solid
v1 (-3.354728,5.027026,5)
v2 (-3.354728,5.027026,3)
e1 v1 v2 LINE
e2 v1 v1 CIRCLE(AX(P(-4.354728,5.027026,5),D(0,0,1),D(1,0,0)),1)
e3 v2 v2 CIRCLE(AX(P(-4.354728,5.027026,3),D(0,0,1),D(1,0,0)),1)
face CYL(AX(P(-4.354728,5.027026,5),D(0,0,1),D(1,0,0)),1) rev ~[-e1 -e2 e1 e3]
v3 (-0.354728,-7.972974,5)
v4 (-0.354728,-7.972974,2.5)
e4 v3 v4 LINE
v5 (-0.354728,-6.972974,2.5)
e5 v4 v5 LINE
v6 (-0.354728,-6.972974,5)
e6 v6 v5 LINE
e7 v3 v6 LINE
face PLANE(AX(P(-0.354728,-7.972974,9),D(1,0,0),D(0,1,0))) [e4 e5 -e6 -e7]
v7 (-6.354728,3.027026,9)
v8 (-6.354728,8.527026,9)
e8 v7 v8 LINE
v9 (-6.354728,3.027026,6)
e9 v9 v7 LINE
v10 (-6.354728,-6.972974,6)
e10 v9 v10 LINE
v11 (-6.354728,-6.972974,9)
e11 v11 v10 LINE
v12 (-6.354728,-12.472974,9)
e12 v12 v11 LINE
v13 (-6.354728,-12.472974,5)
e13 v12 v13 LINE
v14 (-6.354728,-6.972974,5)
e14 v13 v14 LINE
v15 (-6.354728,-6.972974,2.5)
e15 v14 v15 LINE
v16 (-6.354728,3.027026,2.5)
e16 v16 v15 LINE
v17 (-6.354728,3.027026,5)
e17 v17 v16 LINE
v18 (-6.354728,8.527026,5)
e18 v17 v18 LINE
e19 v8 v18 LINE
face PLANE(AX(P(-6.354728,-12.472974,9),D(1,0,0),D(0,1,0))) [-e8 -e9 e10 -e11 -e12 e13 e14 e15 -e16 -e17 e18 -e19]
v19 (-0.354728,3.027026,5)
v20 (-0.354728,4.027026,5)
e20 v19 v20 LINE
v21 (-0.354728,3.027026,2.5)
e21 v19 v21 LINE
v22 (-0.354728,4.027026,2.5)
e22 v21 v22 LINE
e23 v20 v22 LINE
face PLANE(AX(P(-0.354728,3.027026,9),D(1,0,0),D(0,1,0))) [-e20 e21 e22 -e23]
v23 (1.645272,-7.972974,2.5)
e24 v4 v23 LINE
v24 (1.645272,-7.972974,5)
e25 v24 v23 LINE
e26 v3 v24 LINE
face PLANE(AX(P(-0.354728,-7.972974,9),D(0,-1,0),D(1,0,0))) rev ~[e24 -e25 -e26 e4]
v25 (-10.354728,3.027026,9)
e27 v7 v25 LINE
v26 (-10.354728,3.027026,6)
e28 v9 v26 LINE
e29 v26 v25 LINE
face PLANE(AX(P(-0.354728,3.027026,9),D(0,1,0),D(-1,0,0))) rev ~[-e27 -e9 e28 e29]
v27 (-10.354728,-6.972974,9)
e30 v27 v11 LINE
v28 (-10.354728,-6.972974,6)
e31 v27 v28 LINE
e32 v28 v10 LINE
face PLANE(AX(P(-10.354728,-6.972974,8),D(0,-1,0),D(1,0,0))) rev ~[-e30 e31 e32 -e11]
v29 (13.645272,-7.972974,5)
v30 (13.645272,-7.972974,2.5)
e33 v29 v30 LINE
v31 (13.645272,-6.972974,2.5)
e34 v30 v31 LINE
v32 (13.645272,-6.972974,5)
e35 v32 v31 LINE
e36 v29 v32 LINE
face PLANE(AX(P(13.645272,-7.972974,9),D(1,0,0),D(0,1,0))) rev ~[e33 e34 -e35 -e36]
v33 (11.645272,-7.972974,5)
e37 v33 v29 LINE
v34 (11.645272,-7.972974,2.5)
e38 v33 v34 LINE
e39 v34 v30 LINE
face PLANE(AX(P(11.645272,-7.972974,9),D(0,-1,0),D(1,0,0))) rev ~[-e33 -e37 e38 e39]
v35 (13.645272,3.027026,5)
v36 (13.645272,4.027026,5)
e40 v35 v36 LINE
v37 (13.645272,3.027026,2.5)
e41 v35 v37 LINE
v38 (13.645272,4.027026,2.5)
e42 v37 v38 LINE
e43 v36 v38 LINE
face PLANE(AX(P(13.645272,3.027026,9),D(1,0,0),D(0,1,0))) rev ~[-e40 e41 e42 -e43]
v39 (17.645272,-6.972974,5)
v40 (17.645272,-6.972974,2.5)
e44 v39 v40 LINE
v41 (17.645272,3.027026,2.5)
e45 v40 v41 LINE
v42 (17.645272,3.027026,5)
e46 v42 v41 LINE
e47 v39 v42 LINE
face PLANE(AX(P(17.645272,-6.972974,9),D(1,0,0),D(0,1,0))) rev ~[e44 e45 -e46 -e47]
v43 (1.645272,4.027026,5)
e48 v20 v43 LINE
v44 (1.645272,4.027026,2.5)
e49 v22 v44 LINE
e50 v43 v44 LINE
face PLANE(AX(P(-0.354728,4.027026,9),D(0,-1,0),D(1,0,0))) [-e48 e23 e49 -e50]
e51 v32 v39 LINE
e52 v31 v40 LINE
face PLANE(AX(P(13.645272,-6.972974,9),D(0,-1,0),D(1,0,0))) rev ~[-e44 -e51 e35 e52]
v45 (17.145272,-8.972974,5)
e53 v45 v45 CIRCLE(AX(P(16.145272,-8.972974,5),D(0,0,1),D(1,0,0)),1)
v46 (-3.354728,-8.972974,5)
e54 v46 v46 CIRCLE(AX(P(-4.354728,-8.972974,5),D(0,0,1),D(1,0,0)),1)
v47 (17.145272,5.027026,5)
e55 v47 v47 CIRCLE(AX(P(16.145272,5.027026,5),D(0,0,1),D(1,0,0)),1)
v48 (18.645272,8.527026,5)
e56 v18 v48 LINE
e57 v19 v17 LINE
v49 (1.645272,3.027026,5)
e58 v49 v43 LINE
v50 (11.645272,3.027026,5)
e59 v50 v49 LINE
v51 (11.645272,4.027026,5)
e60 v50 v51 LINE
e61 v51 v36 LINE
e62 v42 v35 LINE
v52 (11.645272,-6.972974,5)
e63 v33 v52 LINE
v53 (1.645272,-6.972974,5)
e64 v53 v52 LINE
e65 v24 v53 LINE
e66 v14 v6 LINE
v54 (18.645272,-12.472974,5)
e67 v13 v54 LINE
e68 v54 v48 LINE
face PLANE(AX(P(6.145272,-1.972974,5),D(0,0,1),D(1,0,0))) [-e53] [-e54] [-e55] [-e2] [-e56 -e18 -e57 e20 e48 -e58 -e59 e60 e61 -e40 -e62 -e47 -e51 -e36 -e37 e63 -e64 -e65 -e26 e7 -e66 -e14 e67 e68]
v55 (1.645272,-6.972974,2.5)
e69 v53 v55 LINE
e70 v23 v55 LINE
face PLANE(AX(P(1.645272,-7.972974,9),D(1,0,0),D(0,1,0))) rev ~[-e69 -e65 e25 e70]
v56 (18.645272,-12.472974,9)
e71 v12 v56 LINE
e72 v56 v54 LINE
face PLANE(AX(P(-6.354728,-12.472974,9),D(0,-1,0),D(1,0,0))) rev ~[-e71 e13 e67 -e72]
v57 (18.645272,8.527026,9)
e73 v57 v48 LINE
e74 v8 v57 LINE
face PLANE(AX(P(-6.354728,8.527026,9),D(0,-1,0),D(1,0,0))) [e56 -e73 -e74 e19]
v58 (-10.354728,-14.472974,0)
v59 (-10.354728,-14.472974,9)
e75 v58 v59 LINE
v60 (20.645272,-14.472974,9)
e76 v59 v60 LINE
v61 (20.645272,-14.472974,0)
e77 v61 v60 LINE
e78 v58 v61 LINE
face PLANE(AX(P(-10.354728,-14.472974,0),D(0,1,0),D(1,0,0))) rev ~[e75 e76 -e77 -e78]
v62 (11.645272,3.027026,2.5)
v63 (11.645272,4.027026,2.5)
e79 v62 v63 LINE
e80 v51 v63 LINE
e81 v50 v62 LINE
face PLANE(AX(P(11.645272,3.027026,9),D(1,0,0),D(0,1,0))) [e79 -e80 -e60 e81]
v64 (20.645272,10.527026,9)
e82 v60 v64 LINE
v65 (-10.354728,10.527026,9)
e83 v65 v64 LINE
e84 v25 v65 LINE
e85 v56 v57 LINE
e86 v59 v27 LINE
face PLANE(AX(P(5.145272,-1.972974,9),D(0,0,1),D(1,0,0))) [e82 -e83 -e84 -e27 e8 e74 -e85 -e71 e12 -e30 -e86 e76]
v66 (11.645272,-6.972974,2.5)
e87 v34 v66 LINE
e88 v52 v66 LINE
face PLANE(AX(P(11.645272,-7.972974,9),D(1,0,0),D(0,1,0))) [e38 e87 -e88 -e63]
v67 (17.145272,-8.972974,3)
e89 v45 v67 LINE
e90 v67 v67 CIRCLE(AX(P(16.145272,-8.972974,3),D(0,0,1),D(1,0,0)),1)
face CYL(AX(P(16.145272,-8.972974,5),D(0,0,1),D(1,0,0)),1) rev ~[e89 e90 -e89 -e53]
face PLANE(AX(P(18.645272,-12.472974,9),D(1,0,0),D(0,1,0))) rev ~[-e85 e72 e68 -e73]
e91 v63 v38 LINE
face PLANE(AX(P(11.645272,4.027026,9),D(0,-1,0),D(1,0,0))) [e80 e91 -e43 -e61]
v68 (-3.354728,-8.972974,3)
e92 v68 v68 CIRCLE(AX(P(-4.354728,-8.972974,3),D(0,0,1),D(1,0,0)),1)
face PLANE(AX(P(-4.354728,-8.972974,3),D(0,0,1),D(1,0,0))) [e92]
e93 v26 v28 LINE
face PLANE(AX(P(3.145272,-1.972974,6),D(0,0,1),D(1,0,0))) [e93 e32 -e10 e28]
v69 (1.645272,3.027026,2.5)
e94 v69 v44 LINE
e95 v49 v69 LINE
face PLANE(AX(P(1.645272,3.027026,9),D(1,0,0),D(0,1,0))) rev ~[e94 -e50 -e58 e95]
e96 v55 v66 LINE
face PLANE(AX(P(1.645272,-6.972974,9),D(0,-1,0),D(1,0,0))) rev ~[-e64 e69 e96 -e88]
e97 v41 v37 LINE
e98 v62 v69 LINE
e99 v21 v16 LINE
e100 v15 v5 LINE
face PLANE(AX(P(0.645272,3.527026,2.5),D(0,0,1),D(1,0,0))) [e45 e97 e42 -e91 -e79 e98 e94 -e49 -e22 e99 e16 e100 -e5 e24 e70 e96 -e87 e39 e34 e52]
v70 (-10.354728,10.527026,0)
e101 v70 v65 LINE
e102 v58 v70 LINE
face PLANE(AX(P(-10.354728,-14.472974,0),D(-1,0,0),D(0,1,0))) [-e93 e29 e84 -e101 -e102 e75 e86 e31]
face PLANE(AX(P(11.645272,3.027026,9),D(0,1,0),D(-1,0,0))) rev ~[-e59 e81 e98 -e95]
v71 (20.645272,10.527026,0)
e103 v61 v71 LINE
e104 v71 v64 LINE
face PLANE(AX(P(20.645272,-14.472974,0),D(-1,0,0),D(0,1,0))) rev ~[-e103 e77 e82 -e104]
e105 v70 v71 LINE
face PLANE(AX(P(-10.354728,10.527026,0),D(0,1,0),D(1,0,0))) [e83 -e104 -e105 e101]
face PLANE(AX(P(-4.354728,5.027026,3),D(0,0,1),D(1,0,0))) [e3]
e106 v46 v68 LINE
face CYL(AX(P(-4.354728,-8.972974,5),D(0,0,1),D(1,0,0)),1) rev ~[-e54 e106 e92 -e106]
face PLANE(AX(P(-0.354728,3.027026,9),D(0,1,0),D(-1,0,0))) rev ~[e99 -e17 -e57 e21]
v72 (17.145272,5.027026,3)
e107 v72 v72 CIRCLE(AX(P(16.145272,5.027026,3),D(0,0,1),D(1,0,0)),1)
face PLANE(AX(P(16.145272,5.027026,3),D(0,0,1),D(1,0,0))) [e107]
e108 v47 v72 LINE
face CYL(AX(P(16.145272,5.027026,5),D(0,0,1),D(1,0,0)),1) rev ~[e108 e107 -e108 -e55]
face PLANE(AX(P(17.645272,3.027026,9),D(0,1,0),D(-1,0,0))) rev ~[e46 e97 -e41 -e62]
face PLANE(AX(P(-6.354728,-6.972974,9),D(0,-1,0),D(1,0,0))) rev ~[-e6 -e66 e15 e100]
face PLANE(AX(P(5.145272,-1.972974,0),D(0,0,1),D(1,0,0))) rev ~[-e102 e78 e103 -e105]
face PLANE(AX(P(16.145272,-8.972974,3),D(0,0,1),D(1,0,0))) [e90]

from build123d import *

# Parameters (mm, degrees)
F0_W     = 31
F0_H     = 25
F1_DEPTH = 9
F2_W     = 25
F2_H     = 21
F3_DEPTH = 4
F4_W     = 2
F4_H     = 1
F4_W_2   = 1
F4_H_2   = 10
F5_DEPTH = 6.5
F6_R     = 1
F7_DEPTH = 2
F8_DEPTH = 1
F9_DEPTH = 2


with BuildPart() as f1:
    # F0 (on Top) → F1 (new body)
    with BuildSketch(Plane.XY):
        with Locations((5.1452719867, -1.972973533)):
            Rectangle(F0_W, F0_H)
    extrude(amount=F1_DEPTH)

    # F2 (on face) → F3 (cut)
    with BuildSketch(Plane.XY.offset(9)):
        with Locations((6.1452719867, -1.972973533)):
            Rectangle(F2_W, F2_H)
    extrude(amount=-F3_DEPTH, mode=Mode.SUBTRACT)

    # F4 (on face) → F5 (cut)
    with BuildSketch(Plane.XY.offset(9)):
        with Locations((0.6452719867, 3.527026467)):
            Rectangle(F4_W, F4_H)
        with Locations((12.6452719867, 3.527026467)):
            Rectangle(F4_W, F4_H)
        with Locations((0.6452719867, -7.472973533)):
            Rectangle(F4_W, F4_H)
        with Locations((12.6452719867, -7.472973533)):
            Rectangle(F4_W, F4_H)
        with Locations((17.1452719867, -1.972973533)):
            Rectangle(F4_W_2, F4_H_2)
        Polygon((1.6452719867, 3.027026467), (-0.3547280133, 3.027026467), (-6.3547280133, 3.027026467), (-6.3547280133, -6.972973533), (-0.3547280133, -6.972973533), (1.6452719867, -6.972973533), (11.6452719867, -6.972973533), (13.6452719867, -6.972973533), (16.6452719867, -6.972973533), (16.6452719867, 3.027026467), (13.6452719867, 3.027026467), (11.6452719867, 3.027026467), align=None)
    extrude(amount=-F5_DEPTH, mode=Mode.SUBTRACT)

    # F6 (on face) → F7 (cut)
    with BuildSketch(Plane.XY.offset(5)):
        with Locations((-4.3547280133, 5.027026467)):
            Circle(F6_R)
        with Locations((16.1452719867, 5.027026467)):
            Circle(F6_R)
        with Locations((-4.3547280133, -8.972973533)):
            Circle(F6_R)
        with Locations((16.1452719867, -8.972973533)):
            Circle(F6_R)
    extrude(amount=-F7_DEPTH, mode=Mode.SUBTRACT)

    # F4 (on face) → F8 (cut)
    with BuildSketch(Plane.XY.offset(9)):
        Polygon((-0.3547280133, 3.027026467), (-10.3547280133, 3.027026467), (-10.3547280133, -6.972973533), (-0.3547280133, -6.972973533), (1.6452719867, -6.972973533), (11.6452719867, -6.972973533), (13.6452719867, -6.972973533), (16.6452719867, -6.972973533), (16.6452719867, 3.027026467), (13.6452719867, 3.027026467), (11.6452719867, 3.027026467), (1.6452719867, 3.027026467), align=None)
        with Locations((0.6452719867, 3.527026467)):
            Rectangle(F4_W, F4_H)
        with Locations((0.6452719867, -7.472973533)):
            Rectangle(F4_W, F4_H)
        with Locations((12.6452719867, 3.527026467)):
            Rectangle(F4_W, F4_H)
        with Locations((12.6452719867, -7.472973533)):
            Rectangle(F4_W, F4_H)
        with Locations((17.1452719867, -1.972973533)):
            Rectangle(F4_W_2, F4_H_2)
    extrude(amount=-F8_DEPTH, mode=Mode.SUBTRACT)

    # F9 (cut): a face of the model
    f9_faces = [f1.faces().sort_by_distance(p)[0] for p in [
        (-8.3547280133, -1.972973533, 8),
    ]]
    extrude(f9_faces, amount=-F9_DEPTH, mode=Mode.SUBTRACT)


solid = f1.part
